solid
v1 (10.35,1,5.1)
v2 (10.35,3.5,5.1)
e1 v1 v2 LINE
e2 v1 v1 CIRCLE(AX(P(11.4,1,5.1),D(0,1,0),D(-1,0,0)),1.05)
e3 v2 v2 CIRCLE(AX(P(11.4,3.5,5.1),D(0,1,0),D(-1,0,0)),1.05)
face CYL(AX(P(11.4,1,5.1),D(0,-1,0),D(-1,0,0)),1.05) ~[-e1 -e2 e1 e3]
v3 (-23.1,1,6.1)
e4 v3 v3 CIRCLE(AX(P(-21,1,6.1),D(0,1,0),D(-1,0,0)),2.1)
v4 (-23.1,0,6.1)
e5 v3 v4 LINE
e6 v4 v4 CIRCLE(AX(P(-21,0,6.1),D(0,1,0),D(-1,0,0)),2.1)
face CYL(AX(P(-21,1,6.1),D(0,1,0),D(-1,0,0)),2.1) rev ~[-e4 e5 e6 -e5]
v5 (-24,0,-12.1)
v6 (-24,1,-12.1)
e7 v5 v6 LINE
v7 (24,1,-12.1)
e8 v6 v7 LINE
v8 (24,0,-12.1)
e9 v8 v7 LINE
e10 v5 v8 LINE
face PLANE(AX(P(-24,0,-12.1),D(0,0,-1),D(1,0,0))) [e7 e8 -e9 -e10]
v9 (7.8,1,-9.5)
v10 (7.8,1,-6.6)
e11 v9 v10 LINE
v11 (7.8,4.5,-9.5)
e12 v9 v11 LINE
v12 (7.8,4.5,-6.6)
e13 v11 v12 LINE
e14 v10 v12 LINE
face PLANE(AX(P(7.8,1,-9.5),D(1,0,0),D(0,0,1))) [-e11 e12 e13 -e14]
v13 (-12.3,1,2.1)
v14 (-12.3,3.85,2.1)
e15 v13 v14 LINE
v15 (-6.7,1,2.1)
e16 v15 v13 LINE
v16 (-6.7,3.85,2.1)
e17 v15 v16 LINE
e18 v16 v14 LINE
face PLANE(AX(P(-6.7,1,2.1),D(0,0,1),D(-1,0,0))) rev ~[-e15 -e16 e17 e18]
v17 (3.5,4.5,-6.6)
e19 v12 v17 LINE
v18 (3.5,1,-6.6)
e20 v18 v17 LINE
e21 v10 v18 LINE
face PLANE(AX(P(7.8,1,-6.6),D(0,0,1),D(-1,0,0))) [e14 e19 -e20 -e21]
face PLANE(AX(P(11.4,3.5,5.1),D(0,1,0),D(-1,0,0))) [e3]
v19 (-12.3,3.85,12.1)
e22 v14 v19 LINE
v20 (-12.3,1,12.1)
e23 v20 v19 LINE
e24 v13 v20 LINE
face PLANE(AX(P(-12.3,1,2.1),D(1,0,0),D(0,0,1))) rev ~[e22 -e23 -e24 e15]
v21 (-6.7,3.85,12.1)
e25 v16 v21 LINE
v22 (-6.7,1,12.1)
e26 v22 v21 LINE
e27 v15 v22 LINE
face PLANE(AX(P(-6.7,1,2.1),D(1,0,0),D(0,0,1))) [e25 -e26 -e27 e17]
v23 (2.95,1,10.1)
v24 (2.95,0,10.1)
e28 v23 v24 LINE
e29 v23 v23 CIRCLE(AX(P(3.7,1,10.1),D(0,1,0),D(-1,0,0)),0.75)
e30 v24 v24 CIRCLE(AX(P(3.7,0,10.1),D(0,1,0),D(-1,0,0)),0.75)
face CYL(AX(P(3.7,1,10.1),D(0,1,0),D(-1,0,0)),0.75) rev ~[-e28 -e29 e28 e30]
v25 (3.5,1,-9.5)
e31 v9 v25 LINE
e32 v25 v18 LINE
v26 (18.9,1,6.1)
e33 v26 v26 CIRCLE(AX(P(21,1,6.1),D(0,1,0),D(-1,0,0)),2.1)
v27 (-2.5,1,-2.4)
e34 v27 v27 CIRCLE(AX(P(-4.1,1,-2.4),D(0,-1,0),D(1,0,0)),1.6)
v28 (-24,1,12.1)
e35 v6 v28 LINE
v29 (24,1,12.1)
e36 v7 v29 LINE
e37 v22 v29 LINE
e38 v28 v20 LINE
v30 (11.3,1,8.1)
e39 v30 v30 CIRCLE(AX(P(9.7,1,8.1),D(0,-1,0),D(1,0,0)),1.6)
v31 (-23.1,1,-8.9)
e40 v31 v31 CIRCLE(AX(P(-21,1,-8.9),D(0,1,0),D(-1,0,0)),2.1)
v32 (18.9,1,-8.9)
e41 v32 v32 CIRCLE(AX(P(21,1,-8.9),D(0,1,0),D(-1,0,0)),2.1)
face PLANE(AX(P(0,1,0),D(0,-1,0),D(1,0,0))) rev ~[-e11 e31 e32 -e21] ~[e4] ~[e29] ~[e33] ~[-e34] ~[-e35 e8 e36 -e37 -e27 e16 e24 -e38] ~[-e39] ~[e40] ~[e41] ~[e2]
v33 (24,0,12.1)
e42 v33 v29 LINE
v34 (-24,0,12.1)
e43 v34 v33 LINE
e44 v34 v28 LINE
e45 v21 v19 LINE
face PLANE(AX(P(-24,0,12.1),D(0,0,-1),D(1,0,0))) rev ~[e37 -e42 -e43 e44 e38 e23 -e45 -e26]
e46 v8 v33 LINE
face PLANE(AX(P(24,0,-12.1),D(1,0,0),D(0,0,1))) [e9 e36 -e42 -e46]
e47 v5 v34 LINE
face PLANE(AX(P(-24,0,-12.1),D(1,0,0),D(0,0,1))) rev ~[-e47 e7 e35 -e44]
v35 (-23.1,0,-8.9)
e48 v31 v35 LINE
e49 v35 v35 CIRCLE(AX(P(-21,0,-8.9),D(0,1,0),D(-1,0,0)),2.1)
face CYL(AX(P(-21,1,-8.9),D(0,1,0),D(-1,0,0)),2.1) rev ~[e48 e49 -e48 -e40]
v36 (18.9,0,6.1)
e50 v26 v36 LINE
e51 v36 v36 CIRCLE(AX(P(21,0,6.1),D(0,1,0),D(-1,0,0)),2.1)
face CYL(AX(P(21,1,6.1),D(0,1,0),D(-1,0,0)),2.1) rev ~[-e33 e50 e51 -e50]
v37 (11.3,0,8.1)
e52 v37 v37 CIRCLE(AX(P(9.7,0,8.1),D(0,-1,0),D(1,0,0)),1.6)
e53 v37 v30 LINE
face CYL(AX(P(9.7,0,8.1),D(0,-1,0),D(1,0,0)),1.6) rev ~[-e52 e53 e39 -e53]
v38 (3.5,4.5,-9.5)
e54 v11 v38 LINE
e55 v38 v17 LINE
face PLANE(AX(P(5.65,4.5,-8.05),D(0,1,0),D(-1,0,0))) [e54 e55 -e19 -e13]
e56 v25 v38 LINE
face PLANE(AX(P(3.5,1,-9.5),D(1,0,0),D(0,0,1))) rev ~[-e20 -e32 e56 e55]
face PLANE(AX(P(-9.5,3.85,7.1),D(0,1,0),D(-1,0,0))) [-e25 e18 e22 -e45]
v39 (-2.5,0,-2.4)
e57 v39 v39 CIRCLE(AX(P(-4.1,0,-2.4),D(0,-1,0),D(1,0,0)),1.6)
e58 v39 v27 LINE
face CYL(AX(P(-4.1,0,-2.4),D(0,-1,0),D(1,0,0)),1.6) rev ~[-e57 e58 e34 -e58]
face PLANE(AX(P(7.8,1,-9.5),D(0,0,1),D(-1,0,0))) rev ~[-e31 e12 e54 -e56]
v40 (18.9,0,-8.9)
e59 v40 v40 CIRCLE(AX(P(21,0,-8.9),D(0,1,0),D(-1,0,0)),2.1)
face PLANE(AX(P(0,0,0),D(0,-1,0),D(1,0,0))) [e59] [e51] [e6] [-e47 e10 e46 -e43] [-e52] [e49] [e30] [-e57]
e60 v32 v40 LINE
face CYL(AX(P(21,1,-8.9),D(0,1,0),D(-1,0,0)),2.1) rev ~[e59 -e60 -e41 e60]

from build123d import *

# Parameters (mm, degrees)
F0_W     = 48
F0_H     = 24.2
F0_R     = 1.6
F1_DEPTH = 1
F2_R     = 1.05
F3_DEPTH = 2.5
F2_R_2   = 2.1
F2_R_3   = 0.75
F4_DEPTH = 1.001
F5_W     = 5.6
F5_H     = 10
F6_DEPTH = 2.85
F2_W     = 4.3
F2_H     = 2.9
F7_DEPTH = 3.5


with BuildPart() as f1:
    # F0 (on Front) → F1 (new body)
    with BuildSketch(Plane.XZ):
        Rectangle(F0_W, F0_H)
        with Locations((-4.1, -2.4)):
            Circle(F0_R, mode=Mode.SUBTRACT)
        with Locations((9.7, 8.1)):
            Circle(F0_R, mode=Mode.SUBTRACT)
    extrude(amount=-F1_DEPTH)

    # F2 (on face) → F3 (join)
    with BuildSketch(Plane(origin=(0, 1, 0), x_dir=(-1, 0, 0), z_dir=(0, 1, 0))):
        with Locations((-11.4, 5.1)):
            Circle(F2_R)
    extrude(amount=F3_DEPTH)

    # F2 (on face) → F4 (cut, through all)
    with BuildSketch(Plane(origin=(0, 1, 0), x_dir=(-1, 0, 0), z_dir=(0, 1, 0))):
        with Locations((-21, 6.1)):
            Circle(F2_R_2)
        with Locations((-21, -8.9)):
            Circle(F2_R_2)
        with Locations((21, 6.1)):
            Circle(F2_R_2)
        with Locations((21, -8.9)):
            Circle(F2_R_2)
        with Locations((-3.7, 10.1)):
            Circle(F2_R_3)
    extrude(amount=-F4_DEPTH, mode=Mode.SUBTRACT)

    # F5 (on face) → F6 (join)
    with BuildSketch(Plane(origin=(0, 1, 0), x_dir=(-1, 0, 0), z_dir=(0, 1, 0))):
        with Locations((9.5, 7.1)):
            Rectangle(F5_W, F5_H)
    extrude(amount=F6_DEPTH)

    # F2 (on face) → F7 (join)
    with BuildSketch(Plane(origin=(0, 1, 0), x_dir=(-1, 0, 0), z_dir=(0, 1, 0))):
        with Locations((-5.65, -8.05)):
            Rectangle(F2_W, F2_H)
    extrude(amount=F7_DEPTH)


solid = f1.part
